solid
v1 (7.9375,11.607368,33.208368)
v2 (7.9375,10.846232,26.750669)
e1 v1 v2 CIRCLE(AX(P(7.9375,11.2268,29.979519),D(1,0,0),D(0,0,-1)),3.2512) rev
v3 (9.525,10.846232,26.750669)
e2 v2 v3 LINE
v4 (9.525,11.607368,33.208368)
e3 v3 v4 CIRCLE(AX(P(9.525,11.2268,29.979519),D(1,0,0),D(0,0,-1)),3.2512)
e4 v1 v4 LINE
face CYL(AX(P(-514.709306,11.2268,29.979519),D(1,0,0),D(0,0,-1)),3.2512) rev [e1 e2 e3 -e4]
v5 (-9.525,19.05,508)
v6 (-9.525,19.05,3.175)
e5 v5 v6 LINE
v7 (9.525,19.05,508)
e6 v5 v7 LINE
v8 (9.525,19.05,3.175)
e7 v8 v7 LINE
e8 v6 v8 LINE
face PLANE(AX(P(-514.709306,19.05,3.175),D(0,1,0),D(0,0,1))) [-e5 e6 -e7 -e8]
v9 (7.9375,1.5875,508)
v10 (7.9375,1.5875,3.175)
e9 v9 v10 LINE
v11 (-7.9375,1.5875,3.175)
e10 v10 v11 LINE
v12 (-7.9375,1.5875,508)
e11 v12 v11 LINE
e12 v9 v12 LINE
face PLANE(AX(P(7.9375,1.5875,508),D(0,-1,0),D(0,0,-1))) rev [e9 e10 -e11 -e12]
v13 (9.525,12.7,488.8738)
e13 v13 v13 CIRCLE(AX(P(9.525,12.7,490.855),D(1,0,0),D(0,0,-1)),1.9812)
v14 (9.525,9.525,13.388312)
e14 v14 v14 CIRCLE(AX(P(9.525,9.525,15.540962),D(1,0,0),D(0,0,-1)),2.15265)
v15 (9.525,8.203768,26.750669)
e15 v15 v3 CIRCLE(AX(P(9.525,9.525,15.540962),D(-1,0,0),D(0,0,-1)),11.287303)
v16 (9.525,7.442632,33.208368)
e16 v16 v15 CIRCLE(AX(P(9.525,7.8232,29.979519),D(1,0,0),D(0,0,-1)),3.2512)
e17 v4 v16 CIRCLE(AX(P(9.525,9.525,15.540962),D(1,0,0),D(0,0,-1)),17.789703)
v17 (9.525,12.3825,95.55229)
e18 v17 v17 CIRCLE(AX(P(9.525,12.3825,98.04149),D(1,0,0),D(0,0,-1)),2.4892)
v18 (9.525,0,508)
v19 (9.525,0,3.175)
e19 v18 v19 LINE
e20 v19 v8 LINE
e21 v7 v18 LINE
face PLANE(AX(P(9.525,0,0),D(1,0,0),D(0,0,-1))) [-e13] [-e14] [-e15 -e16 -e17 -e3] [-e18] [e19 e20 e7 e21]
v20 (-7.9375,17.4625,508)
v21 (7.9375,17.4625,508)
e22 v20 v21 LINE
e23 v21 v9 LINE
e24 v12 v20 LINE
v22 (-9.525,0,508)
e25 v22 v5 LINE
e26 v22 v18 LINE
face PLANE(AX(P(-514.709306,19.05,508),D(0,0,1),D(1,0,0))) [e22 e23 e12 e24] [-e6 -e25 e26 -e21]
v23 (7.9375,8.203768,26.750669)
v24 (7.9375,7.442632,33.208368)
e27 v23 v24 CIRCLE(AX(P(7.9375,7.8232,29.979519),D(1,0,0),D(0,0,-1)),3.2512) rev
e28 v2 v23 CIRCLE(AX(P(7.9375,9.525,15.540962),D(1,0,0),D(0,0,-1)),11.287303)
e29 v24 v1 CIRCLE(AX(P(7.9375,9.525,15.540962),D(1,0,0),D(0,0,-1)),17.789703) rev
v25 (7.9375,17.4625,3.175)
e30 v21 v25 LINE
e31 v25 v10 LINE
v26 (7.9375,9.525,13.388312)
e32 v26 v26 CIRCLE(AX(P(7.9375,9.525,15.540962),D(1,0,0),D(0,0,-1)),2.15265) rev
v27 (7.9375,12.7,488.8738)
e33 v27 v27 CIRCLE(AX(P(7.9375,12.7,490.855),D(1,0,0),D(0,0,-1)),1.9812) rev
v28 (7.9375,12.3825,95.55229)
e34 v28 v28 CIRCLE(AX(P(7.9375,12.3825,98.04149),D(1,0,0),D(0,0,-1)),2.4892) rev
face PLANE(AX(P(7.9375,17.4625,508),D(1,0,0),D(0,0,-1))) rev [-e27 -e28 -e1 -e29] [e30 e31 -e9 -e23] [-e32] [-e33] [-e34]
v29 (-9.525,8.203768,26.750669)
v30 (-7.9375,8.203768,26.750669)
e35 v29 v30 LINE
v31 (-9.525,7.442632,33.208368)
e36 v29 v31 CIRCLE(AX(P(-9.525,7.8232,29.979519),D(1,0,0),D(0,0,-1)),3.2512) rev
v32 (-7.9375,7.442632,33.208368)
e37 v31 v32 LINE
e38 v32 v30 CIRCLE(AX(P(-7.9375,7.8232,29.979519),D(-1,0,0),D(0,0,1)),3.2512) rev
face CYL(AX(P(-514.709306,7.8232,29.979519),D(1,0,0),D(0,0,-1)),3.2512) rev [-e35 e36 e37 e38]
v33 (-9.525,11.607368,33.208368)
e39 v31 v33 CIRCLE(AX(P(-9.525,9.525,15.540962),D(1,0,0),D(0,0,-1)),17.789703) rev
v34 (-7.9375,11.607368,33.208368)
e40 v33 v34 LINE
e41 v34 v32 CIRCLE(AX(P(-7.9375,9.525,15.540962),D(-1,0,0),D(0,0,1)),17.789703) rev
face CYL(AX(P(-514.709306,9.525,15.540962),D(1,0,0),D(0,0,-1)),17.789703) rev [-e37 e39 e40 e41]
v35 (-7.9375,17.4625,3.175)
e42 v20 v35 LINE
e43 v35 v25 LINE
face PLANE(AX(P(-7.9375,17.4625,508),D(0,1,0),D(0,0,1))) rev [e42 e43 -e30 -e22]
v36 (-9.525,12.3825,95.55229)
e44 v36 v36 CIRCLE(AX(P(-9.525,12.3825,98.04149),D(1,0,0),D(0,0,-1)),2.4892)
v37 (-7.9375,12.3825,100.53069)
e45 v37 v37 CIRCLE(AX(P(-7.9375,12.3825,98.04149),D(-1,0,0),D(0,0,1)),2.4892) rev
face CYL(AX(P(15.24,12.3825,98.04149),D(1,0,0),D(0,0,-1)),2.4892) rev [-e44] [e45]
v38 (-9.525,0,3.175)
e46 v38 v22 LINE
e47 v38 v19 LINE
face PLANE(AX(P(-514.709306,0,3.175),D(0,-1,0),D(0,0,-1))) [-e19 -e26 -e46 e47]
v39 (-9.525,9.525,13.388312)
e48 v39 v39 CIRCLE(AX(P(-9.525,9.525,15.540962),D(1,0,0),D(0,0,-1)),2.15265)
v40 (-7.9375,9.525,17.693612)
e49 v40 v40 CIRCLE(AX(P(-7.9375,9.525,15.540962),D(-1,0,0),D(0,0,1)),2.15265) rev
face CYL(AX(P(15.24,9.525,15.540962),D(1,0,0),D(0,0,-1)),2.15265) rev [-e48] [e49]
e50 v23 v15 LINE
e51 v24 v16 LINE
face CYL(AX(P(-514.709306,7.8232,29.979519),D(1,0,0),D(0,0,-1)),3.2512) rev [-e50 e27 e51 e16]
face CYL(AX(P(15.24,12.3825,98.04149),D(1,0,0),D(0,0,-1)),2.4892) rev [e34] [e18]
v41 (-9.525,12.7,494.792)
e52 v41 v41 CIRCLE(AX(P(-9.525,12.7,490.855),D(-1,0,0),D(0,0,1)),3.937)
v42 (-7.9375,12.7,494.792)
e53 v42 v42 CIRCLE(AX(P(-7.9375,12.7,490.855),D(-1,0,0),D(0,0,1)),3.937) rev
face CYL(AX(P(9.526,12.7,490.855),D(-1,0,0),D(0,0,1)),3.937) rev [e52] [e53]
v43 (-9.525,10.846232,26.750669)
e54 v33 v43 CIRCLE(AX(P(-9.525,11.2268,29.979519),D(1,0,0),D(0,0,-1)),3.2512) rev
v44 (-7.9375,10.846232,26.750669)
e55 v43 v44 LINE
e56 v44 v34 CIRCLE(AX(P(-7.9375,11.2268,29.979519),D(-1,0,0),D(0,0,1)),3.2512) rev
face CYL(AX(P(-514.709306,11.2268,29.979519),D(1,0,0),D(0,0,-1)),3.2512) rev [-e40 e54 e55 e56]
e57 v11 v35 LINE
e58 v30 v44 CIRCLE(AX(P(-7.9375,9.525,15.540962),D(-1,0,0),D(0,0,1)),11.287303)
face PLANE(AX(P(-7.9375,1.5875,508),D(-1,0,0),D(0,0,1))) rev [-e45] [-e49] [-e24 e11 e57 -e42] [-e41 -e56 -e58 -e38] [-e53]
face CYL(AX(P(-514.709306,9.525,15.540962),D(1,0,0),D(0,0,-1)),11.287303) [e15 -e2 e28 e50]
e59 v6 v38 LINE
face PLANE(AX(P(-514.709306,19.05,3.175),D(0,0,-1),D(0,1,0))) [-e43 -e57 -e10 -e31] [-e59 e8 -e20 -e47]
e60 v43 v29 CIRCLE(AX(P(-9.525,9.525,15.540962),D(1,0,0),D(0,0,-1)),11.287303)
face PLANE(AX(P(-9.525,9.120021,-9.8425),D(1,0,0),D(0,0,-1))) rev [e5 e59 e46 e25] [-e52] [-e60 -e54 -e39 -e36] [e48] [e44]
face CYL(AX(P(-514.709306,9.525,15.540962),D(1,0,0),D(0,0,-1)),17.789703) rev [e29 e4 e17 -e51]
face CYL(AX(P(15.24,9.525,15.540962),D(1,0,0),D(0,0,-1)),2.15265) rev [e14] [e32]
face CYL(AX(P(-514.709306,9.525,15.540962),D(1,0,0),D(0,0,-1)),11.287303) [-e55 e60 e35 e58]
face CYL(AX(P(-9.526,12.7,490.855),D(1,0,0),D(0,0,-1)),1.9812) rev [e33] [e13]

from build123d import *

# Parameters (mm, degrees)
SKETCH2_R                       = 5.1435
SKETCH2_R_2                     = 3.175
BOSS_EXTRUDE1_DEPTH             = 9.525
SKETCH3_W                       = 504.825
SKETCH3_H                       = 19.05
BOSS_EXTRUDE2_DEPTH             = 19.05
BOSS_EXTRUDE4_START             = 0.9525
SKETCH5_R                       = 2.3622
BOSS_EXTRUDE4_DEPTH             = 4.7625
CUT_EXTRUDE6_DEPTH              = 643.110605912
SKETCH13_W                      = 2.4892
SKETCH13_H                      = 24.765
F_10_CLEARANCE_HOLE1_AT_2_COUNT = 2
F_10_CLEARANCE_HOLE1_AT_2_PITCH = 107.93330862
F_10_CLEARANCE_HOLE1_AT_3_COUNT = 2
F_10_CLEARANCE_HOLE1_AT_3_PITCH = 50.83905952
SKETCH19_W                      = 2.15265
SKETCH19_H                      = 24.765
F_8_CLEARANCE_HOLE1_AT_2_COUNT  = 2
F_8_CLEARANCE_HOLE1_AT_2_PITCH  = 14.538502572
SKETCH21_W                      = 15.875
SKETCH21_H                      = 15.875
CUT_EXTRUDE5_DEPTH              = 645.986539181
FILLET1_R                       = 2.032
FILLET2_R                       = 3.175
FILLET3_R                       = 7.62
CUT_EXTRUDE8_REACH              = 510.714
SKETCH24_R                      = 1.9812
CUT_EXTRUDE12_REACH             = 510.714
SKETCH29_R                      = 3.937


with BuildPart() as part:
    # Sketch2 → Boss-Extrude1 (new, symmetric)
    with BuildSketch(Plane(origin=(0, 0, 0), x_dir=(0, 0, -1), z_dir=(1, 0, 0))):
        with BuildLine():
            Line((0, 0), (0, 19.05))
            Line((0, 19.05), (5.08, 19.05))
            Line((5.08, 19.05), (5.08, 9.12002091))
            ThreePointArc((5.08, 9.12002091), (8.240423276, 4.635073149), (13.527141803, 6.102601311))
            Line((13.527141803, 6.102601311), (24.13, 19.05))
            Line((24.13, 19.05), (641.35, 19.05))
            Line((641.35, 19.05), (641.35, 0))
            Line((641.35, 0), (0, 0))
        make_face()
        with Locations(Location((60.6425, 11.1125, 0), (0, 0, 180))):
            Circle(SKETCH2_R, mode=Mode.SUBTRACT)
        with Locations(Location((111.4425, 10.744324516, 0), (0, 0, 180))):
            Circle(SKETCH2_R_2, mode=Mode.SUBTRACT)
    extrude(amount=BOSS_EXTRUDE1_DEPTH, both=True)


with BuildPart() as body_2:
    # Sketch3 → Boss-Extrude2 (new body)
    with BuildSketch(Plane(origin=(9.525, 0, 0), x_dir=(0, 0, -1), z_dir=(1, 0, 0))):
        with Locations((-255.5875, 9.525)):
            Rectangle(SKETCH3_W, SKETCH3_H)
        with BuildLine():
            ThreePointArc((-26.750669413, 10.846231772), (-29.598950711, 14.455649526), (-33.208368465, 11.607368228))
            ThreePointArc((-33.208368465, 11.607368228), (-33.330664319, 9.525), (-33.208368465, 7.442631772))
            ThreePointArc((-33.208368465, 7.442631772), (-29.598950711, 4.594350474), (-26.750669413, 8.203768228))
            ThreePointArc((-26.750669413, 8.203768228), (-26.828264319, 9.525), (-26.750669413, 10.846231772))
        make_face(mode=Mode.SUBTRACT)
    extrude(amount=-BOSS_EXTRUDE2_DEPTH)


with BuildPart() as body_3:
    # Sketch5 → Boss-Extrude4 (new body)
    with BuildSketch(Plane(origin=(9.525, 0, 0), x_dir=(0, 0, -1), z_dir=(1, 0, 0)).offset(BOSS_EXTRUDE4_START)):
        with BuildLine():
            Line((-109.232195108, 19.05), (-109.232195108, 0))
            Line((-109.232195108, 0), (127.635, 0))
            Line((127.635, 0), (127.635, 8.314107432))
            Line((127.635, 8.314107432), (127.635, 19.05))
            Line((127.635, 19.05), (116.205, 19.05))
            Line((116.205, 19.05), (114.64451478, 10.1809394))
            ThreePointArc((114.64451478, 10.1809394), (111.768043442, 7.509463946), (108.416949201, 9.554222083))
            Line((108.416949201, 9.554222083), (106.68, 13.97))
            Line((106.68, 13.97), (100.6475, 13.97))
            Line((100.6475, 13.97), (100.6475, 19.05))
            Line((100.6475, 19.05), (-92.691910554, 19.05))
            ThreePointArc((-92.691910554, 19.05), (-93.03686413, 15.638889171), (-93.231074764, 12.215885769))
            ThreePointArc((-93.231074764, 12.215885769), (-98.208104423, 7.572084572), (-102.85190562, 12.549114231))
            ThreePointArc((-102.85190562, 12.549114231), (-102.678331807, 15.803927129), (-102.383466098, 19.05))
            Line((-102.383466098, 19.05), (-109.232195108, 19.05))
        make_face()
        with Locations(Location((-15.540961747, 9.525, 0), (0, 0, 180))):
            Circle(SKETCH5_R, mode=Mode.SUBTRACT)
    extrude(amount=BOSS_EXTRUDE4_DEPTH)

    # Sketch22 → Cut-Extrude6 (cut, through all)
    with BuildSketch(Plane(origin=(15.24, 0, 0), x_dir=(0, 0, -1), z_dir=(1, 0, 0))):
        Polygon((-93.370680711, 11.220004545), (-91.421910554, 19.05), (-97.537688326, 22.971636797), (-103.653466098, 19.05), (-109.232195108, 19.05), (-109.232195108, 17.78), (-103.507382665, 17.78), (-102.823260211, 11.832470568), align=None)
    extrude(amount=-CUT_EXTRUDE6_DEPTH, mode=Mode.SUBTRACT)

    # Sketch13 → #10 Clearance Hole1 (revolve, cut)
    with BuildSketch(Plane(origin=(15.24, 9.12002091, -9.8425), x_dir=(0, 0, -1), z_dir=(0, 1, 0))):
        with Locations((1.2446, 12.3825)):
            Rectangle(SKETCH13_W, SKETCH13_H)
    f_10_clearance_hole1 = revolve(axis=Axis((21.59, 9.12002091, -9.8425), (-1, 0, 0)), mode=Mode.SUBTRACT)

    # #10 Clearance Hole1 at 3: #10 Clearance Hole1 ×2
    with Locations(*[Vector(0, 0.03919189515398232, -0.9992317025366236) * (i * F_10_CLEARANCE_HOLE1_AT_3_PITCH) for i in range(1, F_10_CLEARANCE_HOLE1_AT_3_COUNT)]):
        add(f_10_clearance_hole1, mode=Mode.SUBTRACT)

    # Sketch19 → #8 Clearance Hole1 (revolve, cut)
    with BuildSketch(Plane(origin=(15.24, 11.2268, 29.979518939), x_dir=(0, 0, -1), z_dir=(0, 1, 0))):
        with Locations((1.076325, 12.3825)):
            Rectangle(SKETCH19_W, SKETCH19_H)
    f_8_clearance_hole1 = revolve(axis=Axis((21.59, 11.2268, 29.979518939), (-1, 0, 0)), mode=Mode.SUBTRACT)

    # Fillet1
    fillet1_edges = [body_3.edges().sort_by_distance(p)[0] for p in [
        (12.85875, 13.97, -106.68),
        (12.85875, 19.05, -116.205),
        (12.85875, 19.05, -127.635),
        (12.85875, 0, -127.635),
        (12.85875, 17.78, 109.232195108),
        (12.85875, 17.78, 103.507382665),
        (12.85875, 19.05, 91.421910554),
    ]]
    fillet(fillet1_edges, radius=FILLET1_R)

    # Fillet2
    fillet2_edges = [body_3.edges().sort_by_distance(p)[0] for p in [
        (12.85875, 13.97, -100.6475),
    ]]
    fillet(fillet2_edges, radius=FILLET2_R)

    # Fillet3
    fillet3_edges = [body_3.edges().sort_by_distance(p)[0] for p in [
        (12.85875, 19.05, -100.6475),
    ]]
    fillet(fillet3_edges, radius=FILLET3_R)


with BuildPart() as body_2_1:
    add(body_2.part)

    # #10 Clearance Hole1 at 2: #10 Clearance Hole1 ×2
    with Locations(*[Vector(0, 0.030226805164900904, 0.9995430657302982) * (i * F_10_CLEARANCE_HOLE1_AT_2_PITCH) for i in range(1, F_10_CLEARANCE_HOLE1_AT_2_COUNT)]):
        add(f_10_clearance_hole1, mode=Mode.SUBTRACT)

    # #8 Clearance Hole1 at 2: #8 Clearance Hole1 ×2
    with Locations(*[Vector(0, -0.11705469608097882, -0.9931254694777442) * (i * F_8_CLEARANCE_HOLE1_AT_2_PITCH) for i in range(1, F_8_CLEARANCE_HOLE1_AT_2_COUNT)]):
        add(f_8_clearance_hole1, mode=Mode.SUBTRACT)

    # Sketch21 → Cut-Extrude5 (cut, through all)
    with BuildSketch(Plane(origin=(0, 0, 3.175), x_dir=(-1, 0, 0), z_dir=(0, 0, -1))):
        with Locations((0, 9.525)):
            Rectangle(SKETCH21_W, SKETCH21_H)
    extrude(amount=-CUT_EXTRUDE5_DEPTH, mode=Mode.SUBTRACT)

    # Sketch24 → Cut-Extrude8 (cut, up to next)
    with BuildSketch(Plane(origin=(9.525, 0, 0), x_dir=(0, 0, -1), z_dir=(1, 0, 0)), mode=Mode.PRIVATE) as cut_extrude8_sk1:
        with Locations((-490.855, 12.7)):
            Circle(SKETCH24_R)
    cut_extrude8_tool1 = extrude(cut_extrude8_sk1.sketch, amount=-CUT_EXTRUDE8_REACH, mode=Mode.PRIVATE) & body_2_1.part
    add(cut_extrude8_tool1.solids().sort_by_distance((9.525, 12.7, 490.855))[0], mode=Mode.SUBTRACT)

    # Sketch29 → Cut-Extrude12 (cut, up to next)
    with BuildSketch(Plane.ZY.offset(9.525), mode=Mode.PRIVATE) as cut_extrude12_sk1:
        with Locations((490.855, 12.7)):
            Circle(SKETCH29_R)
    cut_extrude12_tool1 = extrude(cut_extrude12_sk1.sketch, amount=-CUT_EXTRUDE12_REACH, mode=Mode.PRIVATE) & body_2_1.part
    add(cut_extrude12_tool1.solids().sort_by_distance((-9.525, 12.7, 490.855))[0], mode=Mode.SUBTRACT)


solid = body_2_1.part
